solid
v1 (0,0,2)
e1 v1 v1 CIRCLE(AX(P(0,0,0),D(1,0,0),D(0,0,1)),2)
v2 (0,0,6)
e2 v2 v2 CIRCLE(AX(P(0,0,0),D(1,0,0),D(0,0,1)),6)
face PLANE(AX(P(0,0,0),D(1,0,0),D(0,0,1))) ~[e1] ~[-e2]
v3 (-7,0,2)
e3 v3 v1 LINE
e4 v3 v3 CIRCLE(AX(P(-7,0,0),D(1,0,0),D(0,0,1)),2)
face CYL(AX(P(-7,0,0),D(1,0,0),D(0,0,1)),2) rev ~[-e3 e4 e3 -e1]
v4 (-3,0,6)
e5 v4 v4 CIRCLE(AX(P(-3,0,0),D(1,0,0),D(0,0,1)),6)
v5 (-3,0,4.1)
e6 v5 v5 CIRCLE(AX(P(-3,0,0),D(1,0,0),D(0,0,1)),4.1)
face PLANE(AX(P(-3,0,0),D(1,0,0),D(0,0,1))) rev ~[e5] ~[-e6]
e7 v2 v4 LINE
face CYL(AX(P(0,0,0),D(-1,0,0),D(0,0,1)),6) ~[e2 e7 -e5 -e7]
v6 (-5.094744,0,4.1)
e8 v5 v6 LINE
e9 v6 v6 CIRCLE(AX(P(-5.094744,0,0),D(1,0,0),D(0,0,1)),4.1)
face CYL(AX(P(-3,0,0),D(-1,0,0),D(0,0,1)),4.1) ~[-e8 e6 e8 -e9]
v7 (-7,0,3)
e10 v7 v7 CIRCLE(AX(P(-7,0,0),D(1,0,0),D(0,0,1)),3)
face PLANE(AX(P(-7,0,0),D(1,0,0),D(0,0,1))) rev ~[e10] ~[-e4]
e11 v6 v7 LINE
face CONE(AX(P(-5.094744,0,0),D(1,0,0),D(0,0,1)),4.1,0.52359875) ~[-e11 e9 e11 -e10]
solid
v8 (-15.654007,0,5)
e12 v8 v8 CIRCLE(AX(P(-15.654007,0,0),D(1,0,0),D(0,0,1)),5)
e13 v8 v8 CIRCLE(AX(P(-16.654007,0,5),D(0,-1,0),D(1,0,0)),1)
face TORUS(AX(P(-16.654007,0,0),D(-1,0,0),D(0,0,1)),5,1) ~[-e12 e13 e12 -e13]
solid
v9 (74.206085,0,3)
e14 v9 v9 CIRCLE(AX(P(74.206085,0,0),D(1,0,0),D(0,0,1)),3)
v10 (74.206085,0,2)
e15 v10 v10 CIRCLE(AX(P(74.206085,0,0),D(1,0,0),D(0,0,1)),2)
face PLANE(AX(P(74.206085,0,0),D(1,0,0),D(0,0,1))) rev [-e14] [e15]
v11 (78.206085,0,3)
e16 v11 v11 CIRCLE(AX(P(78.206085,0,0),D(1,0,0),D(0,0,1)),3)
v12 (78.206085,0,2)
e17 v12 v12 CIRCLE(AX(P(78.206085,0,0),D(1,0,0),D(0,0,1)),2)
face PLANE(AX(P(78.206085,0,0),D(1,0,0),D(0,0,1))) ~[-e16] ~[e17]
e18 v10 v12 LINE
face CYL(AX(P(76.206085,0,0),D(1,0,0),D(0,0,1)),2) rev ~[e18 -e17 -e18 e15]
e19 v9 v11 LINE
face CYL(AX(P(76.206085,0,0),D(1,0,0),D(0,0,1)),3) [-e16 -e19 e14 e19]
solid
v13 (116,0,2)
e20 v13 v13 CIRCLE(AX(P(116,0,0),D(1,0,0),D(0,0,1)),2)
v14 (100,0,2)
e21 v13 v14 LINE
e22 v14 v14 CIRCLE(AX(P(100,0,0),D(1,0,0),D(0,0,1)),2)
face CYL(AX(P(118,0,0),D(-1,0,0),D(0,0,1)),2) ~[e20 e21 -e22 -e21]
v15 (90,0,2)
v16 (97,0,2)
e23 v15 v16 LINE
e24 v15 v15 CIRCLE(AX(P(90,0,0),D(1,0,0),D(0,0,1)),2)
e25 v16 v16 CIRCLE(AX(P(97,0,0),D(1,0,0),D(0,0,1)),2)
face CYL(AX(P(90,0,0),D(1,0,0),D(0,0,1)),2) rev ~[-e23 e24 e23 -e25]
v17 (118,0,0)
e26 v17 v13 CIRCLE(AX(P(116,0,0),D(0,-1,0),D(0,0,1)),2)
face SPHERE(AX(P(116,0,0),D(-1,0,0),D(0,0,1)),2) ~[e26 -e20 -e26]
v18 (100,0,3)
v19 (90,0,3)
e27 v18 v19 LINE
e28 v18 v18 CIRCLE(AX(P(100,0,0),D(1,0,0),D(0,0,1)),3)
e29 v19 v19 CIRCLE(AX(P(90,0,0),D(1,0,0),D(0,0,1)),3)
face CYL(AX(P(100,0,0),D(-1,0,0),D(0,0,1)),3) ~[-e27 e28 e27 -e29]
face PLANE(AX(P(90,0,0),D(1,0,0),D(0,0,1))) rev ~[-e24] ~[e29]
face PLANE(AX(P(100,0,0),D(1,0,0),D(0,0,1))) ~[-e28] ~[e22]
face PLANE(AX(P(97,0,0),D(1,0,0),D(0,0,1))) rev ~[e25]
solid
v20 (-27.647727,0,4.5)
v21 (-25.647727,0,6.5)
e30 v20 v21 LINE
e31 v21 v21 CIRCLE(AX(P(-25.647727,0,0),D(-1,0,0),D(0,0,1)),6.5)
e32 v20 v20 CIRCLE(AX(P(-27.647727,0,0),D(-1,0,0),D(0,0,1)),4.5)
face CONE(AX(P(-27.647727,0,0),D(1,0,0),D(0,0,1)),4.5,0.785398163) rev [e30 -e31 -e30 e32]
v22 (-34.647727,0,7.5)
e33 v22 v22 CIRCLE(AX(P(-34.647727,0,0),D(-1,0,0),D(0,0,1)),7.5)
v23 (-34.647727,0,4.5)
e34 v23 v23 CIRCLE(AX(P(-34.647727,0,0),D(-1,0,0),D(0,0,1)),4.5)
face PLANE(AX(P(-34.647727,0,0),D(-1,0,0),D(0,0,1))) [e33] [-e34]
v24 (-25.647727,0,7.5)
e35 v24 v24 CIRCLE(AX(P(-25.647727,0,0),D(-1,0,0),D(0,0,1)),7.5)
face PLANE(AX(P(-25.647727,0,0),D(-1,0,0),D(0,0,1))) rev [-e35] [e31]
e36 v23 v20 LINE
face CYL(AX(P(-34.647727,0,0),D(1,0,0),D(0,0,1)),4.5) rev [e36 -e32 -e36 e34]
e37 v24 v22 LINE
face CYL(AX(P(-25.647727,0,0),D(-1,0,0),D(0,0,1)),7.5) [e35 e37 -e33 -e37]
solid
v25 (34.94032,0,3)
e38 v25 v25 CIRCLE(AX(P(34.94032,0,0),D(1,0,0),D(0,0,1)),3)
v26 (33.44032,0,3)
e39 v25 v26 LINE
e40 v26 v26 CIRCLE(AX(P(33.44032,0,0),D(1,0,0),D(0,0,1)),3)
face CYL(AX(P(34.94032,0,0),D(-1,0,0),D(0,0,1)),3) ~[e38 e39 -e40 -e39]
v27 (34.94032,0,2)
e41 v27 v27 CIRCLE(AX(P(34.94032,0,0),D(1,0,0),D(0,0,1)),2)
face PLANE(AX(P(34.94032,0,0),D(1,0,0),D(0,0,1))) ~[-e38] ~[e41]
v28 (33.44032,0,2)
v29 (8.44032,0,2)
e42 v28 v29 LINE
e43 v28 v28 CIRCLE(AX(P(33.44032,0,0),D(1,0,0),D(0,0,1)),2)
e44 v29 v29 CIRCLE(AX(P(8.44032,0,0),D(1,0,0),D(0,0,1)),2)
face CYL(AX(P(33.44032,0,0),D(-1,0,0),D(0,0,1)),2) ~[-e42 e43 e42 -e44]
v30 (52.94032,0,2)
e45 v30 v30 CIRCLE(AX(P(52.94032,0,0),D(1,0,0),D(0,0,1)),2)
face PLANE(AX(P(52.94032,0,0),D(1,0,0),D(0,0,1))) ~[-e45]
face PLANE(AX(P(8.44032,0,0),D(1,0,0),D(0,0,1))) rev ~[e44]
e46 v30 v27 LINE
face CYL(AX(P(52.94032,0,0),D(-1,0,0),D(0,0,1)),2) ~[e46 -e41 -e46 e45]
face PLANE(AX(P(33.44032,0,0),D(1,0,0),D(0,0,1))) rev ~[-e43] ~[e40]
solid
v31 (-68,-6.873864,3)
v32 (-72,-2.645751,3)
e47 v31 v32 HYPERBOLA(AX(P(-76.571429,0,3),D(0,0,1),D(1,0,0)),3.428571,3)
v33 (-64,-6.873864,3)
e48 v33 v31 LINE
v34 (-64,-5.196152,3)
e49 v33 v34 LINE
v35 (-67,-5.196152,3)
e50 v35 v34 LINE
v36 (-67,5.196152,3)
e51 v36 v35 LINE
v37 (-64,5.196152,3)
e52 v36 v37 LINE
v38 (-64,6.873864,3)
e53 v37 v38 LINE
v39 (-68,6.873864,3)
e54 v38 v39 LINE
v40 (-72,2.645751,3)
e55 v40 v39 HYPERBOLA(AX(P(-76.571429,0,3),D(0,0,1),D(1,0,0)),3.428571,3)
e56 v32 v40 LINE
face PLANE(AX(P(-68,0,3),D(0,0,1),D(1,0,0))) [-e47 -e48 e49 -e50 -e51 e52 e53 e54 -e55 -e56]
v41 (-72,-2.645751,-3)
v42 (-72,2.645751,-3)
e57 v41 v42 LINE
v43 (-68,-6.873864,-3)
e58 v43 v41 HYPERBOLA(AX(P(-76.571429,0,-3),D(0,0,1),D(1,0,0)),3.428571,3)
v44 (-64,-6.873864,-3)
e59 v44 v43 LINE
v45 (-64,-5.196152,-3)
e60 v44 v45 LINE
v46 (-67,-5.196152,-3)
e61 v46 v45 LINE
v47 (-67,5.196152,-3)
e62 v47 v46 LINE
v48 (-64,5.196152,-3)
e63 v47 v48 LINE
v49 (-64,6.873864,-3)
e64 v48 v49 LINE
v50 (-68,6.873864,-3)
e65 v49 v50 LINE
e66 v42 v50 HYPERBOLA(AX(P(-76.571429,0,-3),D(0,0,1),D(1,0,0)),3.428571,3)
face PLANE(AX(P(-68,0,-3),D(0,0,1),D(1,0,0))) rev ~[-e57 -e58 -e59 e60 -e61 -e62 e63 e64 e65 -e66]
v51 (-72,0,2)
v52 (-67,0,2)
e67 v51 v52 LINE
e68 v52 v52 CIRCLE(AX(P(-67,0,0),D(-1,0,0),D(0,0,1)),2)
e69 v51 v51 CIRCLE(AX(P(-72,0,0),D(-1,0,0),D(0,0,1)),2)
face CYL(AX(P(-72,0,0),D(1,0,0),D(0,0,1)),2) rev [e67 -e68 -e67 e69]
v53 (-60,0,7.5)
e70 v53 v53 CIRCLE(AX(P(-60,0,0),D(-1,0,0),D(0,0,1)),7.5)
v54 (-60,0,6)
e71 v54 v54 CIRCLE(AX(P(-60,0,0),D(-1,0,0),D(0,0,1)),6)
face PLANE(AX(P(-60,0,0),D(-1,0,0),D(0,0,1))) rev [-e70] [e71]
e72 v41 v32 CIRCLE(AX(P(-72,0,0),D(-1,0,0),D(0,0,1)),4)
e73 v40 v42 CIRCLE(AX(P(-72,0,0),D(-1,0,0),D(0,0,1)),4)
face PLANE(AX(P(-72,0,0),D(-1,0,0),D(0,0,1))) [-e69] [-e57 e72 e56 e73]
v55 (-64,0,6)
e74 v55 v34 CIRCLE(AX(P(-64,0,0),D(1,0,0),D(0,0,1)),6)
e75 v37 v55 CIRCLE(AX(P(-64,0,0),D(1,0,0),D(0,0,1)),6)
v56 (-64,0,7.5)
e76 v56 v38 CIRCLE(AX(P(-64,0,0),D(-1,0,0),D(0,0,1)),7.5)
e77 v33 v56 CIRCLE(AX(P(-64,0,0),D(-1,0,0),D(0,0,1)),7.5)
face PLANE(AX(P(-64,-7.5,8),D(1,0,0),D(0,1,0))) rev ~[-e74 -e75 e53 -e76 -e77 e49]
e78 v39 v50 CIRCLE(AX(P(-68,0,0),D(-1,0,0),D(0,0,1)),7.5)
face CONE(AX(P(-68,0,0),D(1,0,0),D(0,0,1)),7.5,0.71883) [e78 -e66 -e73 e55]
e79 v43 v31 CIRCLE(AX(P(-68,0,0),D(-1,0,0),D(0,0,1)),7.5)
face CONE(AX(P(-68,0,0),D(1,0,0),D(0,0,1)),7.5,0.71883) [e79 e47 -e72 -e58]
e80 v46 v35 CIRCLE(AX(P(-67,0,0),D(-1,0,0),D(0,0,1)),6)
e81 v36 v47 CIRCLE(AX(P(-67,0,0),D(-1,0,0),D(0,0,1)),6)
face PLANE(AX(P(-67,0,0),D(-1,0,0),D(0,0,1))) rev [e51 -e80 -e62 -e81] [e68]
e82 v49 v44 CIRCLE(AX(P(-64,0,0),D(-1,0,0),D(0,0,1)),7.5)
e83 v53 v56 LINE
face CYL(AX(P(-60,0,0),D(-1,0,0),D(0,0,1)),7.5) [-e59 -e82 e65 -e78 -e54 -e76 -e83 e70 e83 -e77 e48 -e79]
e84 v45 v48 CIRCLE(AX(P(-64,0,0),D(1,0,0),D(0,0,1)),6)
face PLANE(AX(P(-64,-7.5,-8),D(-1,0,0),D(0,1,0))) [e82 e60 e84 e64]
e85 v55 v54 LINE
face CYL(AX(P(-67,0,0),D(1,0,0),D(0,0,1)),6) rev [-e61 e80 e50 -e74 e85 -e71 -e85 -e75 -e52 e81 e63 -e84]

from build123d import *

# Parameters (mm, degrees)
F2_R      = 1
F8_W      = 4
F8_H      = 1
F15_W     = 8
F15_H     = 15
F16_DEPTH = 5
F18_W     = 8
F18_H     = 15
F19_DEPTH = 5
F20_R     = 2


with BuildPart() as f1:
    # F0 (on Front) → F1 (revolve)
    with BuildSketch(Plane.XZ):
        Polygon((-7, 2), (0, 2), (0, 6), (-3, 6), (-3, 4.1), (-5.094744, 4.1), (-7, 3), align=None)
    revolve(axis=Axis((-6.71507, 0, 0), (1, 0, 0)))


with BuildPart() as f3:
    # F2 (on Front) → F3 (revolve)
    with BuildSketch(Plane.XZ):
        with Locations((-16.654007, 5)):
            Circle(F2_R)
    revolve(axis=Axis((-16.892262, 0, 0), (1, 0, 0)))


with BuildPart() as f5:
    # F4 (on Front) → F5 (revolve)
    with BuildSketch(Plane.XZ):
        Polygon((-34.647727, 4.5), (-27.647727, 4.5), (-25.647727, 6.5), (-25.647727, 7.5), (-34.647727, 7.5), align=None)
    revolve(axis=Axis((-33.747856, 0, 0), (-1, 0, 0)))


with BuildPart() as f7:
    # F6 (on Front) → F7 (revolve)
    with BuildSketch(Plane.XZ):
        Polygon((8.44032, 2), (8.44032, 0), (52.94032, 0), (52.94032, 2), (34.94032, 2), (34.94032, 3), (33.44032, 3), (33.44032, 2), align=None)
    revolve(axis=Axis((40.170934, 0, 0), (1, 0, 0)))


with BuildPart() as f9:
    # F8 (on Front) → F9 (revolve)
    with BuildSketch(Plane.XZ):
        with Locations((76.206085, 2.5)):
            Rectangle(F8_W, F8_H)
    revolve(axis=Axis((77.777586, 0, 0), (1, 0, 0)))


with BuildPart() as f11:
    # F10 (on Front) → F11 (revolve)
    with BuildSketch(Plane.XZ):
        Polygon((100, 3), (90, 3), (90, 2), (97, 2), (97, 0), (118, 0), (118, 2), (100, 2), align=None)
    revolve(axis=Axis((123.957818, 0, 0), (1, 0, 0)))

    # F20
    f20_edges = [f11.edges().sort_by_distance(p)[0] for p in [
        (118, 0, -2),
    ]]
    fillet(f20_edges, radius=F20_R)


with BuildPart() as f13:
    # F12 (on Front) → F13 (revolve)
    with BuildSketch(Plane.XZ):
        Polygon((-60, 6), (-60, 7.5), (-68, 7.5), (-72, 4), (-72, 2), (-67, 2), (-67, 6), align=None)
    revolve(axis=Axis((-45.470646, 0, 0), (-1, 0, 0)))

    # F15 (on offset) → F16 (cut)
    with BuildSketch(Plane.XY.offset(8)):
        with Locations((-68, 0)):
            Rectangle(F15_W, F15_H)
    extrude(amount=-F16_DEPTH, mode=Mode.SUBTRACT)

    # F18 (on offset) → F19 (cut)
    with BuildSketch(Plane.XY.offset(-8)):
        with Locations((-68, 0)):
            Rectangle(F18_W, F18_H)
    extrude(amount=F19_DEPTH, mode=Mode.SUBTRACT)


solid = Compound([f1.part, f3.part, f5.part, f7.part, f9.part, f11.part, f13.part])
